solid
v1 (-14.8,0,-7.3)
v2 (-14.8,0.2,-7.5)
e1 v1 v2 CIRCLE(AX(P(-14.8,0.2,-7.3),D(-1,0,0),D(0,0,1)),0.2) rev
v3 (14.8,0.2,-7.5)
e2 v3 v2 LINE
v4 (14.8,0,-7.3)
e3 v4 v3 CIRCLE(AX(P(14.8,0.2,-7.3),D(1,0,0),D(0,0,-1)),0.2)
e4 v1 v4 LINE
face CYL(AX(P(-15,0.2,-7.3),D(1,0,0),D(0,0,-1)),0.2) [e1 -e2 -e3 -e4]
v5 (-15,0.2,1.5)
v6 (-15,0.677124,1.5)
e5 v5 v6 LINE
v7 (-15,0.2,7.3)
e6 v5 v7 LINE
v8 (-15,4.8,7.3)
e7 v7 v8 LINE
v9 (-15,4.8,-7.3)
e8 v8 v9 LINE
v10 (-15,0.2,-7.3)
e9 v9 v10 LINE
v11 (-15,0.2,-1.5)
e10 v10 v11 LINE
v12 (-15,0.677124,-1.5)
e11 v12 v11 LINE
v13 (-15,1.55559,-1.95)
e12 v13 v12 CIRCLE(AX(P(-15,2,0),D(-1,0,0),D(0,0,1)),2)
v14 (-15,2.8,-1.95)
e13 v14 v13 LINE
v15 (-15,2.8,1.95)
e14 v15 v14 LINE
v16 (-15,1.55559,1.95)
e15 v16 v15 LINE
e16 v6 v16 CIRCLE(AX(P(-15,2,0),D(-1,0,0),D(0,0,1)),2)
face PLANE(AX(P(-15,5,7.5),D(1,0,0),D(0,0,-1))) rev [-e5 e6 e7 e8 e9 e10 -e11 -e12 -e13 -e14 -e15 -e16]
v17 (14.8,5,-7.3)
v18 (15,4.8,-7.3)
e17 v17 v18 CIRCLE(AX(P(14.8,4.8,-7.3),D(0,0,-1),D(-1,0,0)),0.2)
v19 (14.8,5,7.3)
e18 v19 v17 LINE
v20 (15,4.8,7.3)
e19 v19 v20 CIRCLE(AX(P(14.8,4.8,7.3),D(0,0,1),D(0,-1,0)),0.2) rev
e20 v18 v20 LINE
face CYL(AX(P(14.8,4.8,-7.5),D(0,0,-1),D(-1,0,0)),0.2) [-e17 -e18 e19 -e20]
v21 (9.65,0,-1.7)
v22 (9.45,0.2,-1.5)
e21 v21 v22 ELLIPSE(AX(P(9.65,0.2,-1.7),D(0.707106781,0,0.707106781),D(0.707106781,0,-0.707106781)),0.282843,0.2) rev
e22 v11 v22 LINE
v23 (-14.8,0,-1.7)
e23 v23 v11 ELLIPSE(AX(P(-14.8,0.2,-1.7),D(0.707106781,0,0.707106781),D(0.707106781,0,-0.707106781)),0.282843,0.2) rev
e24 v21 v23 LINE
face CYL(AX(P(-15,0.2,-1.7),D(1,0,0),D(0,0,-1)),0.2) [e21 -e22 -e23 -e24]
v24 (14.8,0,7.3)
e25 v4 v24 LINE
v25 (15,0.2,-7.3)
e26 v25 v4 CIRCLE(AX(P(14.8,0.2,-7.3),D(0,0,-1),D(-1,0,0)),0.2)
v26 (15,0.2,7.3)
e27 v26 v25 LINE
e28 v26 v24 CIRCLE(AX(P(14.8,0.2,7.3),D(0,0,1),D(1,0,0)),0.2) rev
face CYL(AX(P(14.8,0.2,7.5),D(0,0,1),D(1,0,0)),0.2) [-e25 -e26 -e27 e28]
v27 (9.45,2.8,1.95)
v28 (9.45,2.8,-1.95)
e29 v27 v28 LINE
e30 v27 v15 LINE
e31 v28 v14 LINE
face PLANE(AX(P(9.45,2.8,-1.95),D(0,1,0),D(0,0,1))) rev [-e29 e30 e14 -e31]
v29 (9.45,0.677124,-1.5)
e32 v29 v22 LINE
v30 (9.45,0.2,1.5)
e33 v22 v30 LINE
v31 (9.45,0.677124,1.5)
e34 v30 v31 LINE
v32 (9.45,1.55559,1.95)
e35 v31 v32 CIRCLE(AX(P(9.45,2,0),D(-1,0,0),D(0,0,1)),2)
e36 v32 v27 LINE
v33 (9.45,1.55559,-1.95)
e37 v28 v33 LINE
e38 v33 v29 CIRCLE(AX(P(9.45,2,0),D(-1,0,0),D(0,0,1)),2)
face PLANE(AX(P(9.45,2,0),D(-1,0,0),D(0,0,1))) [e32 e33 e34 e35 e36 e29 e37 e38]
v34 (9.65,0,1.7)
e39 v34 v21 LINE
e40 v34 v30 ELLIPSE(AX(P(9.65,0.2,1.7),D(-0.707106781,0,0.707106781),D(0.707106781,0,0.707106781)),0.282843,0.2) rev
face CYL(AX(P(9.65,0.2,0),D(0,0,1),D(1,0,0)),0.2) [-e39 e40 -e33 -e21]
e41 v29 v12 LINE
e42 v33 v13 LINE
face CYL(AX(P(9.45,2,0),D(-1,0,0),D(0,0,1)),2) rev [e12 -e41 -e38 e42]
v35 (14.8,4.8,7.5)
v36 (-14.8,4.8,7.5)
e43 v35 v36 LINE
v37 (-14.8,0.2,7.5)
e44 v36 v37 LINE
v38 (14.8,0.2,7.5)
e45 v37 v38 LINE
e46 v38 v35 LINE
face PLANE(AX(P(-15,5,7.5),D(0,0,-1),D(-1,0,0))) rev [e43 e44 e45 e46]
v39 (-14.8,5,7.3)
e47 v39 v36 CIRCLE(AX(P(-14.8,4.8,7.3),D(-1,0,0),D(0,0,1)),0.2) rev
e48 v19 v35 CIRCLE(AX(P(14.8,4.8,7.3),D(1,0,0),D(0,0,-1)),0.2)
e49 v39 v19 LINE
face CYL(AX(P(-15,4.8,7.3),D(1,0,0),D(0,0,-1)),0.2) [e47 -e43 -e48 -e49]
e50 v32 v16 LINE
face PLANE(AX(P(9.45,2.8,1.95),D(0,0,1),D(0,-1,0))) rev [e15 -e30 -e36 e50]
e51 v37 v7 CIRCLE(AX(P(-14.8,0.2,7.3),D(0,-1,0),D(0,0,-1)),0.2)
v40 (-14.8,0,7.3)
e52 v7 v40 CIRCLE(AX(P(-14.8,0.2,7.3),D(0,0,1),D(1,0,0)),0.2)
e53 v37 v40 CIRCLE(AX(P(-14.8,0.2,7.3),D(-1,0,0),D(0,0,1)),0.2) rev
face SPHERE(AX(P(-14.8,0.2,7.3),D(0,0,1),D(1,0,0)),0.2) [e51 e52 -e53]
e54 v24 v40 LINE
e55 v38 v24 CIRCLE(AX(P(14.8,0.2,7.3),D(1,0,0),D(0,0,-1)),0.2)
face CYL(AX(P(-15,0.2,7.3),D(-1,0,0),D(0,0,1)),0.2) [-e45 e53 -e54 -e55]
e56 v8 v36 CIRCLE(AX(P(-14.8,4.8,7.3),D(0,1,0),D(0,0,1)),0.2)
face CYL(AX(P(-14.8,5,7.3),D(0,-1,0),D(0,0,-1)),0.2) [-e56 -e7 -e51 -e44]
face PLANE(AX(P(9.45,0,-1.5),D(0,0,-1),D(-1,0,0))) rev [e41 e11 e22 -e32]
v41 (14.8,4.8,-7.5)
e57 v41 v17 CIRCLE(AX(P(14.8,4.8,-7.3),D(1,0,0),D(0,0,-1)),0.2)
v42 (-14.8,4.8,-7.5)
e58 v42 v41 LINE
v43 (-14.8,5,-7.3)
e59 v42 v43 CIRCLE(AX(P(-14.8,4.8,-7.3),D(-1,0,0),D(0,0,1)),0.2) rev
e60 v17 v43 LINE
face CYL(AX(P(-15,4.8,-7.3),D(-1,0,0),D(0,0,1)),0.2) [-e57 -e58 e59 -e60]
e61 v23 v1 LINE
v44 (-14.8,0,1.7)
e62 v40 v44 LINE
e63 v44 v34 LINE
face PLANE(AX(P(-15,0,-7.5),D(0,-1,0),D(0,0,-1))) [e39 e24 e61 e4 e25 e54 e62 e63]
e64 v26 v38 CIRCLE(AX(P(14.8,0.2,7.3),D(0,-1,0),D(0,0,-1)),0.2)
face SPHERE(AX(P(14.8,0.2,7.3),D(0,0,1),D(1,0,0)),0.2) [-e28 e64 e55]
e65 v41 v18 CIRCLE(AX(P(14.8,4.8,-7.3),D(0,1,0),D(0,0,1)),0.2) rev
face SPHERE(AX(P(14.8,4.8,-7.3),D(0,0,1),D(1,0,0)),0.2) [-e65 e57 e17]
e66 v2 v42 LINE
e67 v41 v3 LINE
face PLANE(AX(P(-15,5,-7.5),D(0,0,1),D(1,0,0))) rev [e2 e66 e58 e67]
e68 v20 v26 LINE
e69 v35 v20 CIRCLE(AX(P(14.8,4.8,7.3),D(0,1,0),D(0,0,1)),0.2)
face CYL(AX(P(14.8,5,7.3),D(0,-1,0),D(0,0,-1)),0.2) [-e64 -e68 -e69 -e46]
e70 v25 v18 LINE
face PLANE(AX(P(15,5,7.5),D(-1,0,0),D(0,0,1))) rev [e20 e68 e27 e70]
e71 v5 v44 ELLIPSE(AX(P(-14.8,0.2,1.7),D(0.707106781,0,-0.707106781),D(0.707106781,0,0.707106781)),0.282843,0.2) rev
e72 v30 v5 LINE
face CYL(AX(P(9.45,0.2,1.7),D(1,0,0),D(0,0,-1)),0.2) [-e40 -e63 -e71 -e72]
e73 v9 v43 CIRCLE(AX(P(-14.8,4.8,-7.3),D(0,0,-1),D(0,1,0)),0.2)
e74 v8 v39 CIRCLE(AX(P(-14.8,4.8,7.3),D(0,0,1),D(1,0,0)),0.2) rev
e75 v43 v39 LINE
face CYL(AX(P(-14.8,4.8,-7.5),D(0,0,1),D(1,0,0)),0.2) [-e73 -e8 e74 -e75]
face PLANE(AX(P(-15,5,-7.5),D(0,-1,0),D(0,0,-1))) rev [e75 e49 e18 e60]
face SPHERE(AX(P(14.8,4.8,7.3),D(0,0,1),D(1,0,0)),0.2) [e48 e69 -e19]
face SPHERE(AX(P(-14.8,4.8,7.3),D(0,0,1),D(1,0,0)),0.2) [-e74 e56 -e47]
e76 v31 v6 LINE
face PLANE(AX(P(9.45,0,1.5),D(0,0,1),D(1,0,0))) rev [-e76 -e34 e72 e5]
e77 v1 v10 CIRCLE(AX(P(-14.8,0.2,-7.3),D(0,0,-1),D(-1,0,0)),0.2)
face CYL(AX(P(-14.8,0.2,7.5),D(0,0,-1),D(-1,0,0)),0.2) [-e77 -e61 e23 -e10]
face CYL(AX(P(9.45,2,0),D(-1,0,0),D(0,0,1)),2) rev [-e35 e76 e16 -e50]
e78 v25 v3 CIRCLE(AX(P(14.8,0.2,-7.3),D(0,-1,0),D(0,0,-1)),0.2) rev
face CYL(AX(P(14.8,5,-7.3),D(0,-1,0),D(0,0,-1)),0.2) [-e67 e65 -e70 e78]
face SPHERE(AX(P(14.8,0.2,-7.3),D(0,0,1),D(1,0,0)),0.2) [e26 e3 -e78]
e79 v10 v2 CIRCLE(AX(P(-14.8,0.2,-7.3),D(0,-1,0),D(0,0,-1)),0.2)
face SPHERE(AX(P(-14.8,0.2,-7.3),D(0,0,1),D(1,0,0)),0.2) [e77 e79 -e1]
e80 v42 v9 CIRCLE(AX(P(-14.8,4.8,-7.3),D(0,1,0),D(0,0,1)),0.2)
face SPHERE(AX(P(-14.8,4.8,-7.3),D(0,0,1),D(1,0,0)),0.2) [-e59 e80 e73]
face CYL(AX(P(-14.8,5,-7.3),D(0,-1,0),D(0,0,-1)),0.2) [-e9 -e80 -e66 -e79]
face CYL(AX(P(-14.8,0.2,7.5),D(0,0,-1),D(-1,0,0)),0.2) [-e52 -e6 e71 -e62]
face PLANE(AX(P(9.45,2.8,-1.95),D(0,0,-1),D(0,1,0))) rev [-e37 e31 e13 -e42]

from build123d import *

# Parameters (mm, degrees)
SKETCH_1_W          = 30
SKETCH_1_H          = 15
EXTRUDE_1_DEPTH     = 5
CUT_EXTRUDE_1_DEPTH = 24.45
FILLET_1_R          = 0.2


with BuildPart() as part:
    # 草图1 → 凸台-拉伸1 (new body)
    with BuildSketch(Plane(origin=(0, 0, 0), x_dir=(1, 0, 0), z_dir=(0, 1, 0))):
        Rectangle(SKETCH_1_W, SKETCH_1_H)
    extrude(amount=EXTRUDE_1_DEPTH)

    # 草图2 → 切除-拉伸1 (cut)
    with BuildSketch(Plane.ZY.offset(15)):
        with BuildLine():
            Line((-1.5, 0), (-1.5, 0.677124344))
            ThreePointArc((-1.5, 0.677124344), (-1.780042303, 1.088161527), (-1.95, 1.555590279))
            Line((-1.95, 1.555590279), (-1.95, 2.8))
            Line((-1.95, 2.8), (1.95, 2.8))
            Line((1.95, 2.8), (1.95, 1.555590279))
            ThreePointArc((1.95, 1.555590279), (1.780042303, 1.088161527), (1.5, 0.677124344))
            Line((1.5, 0.677124344), (1.5, 0))
            Line((1.5, 0), (-1.5, 0))
        make_face()
    extrude(amount=-CUT_EXTRUDE_1_DEPTH, mode=Mode.SUBTRACT)

    # 圆角1
    fillet_1_edges = [part.edges().sort_by_distance(p)[0] for p in [
        (15, 5, 0),
        (0, 5, -7.5),
        (-15, 0, 4.5),
        (9.45, 0, 0),
        (-2.775, 0, 1.5),
        (-2.775, 0, -1.5),
        (-15, 5, 0),
        (0, 0, -7.5),
        (15, 0, 0),
        (0, 0, 7.5),
        (-15, 0, -4.5),
        (0, 5, 7.5),
        (-15, 2.5, -7.5),
        (15, 2.5, -7.5),
        (15, 2.5, 7.5),
        (-15, 2.5, 7.5),
    ]]
    fillet(fillet_1_edges, radius=FILLET_1_R)


solid = part.part
